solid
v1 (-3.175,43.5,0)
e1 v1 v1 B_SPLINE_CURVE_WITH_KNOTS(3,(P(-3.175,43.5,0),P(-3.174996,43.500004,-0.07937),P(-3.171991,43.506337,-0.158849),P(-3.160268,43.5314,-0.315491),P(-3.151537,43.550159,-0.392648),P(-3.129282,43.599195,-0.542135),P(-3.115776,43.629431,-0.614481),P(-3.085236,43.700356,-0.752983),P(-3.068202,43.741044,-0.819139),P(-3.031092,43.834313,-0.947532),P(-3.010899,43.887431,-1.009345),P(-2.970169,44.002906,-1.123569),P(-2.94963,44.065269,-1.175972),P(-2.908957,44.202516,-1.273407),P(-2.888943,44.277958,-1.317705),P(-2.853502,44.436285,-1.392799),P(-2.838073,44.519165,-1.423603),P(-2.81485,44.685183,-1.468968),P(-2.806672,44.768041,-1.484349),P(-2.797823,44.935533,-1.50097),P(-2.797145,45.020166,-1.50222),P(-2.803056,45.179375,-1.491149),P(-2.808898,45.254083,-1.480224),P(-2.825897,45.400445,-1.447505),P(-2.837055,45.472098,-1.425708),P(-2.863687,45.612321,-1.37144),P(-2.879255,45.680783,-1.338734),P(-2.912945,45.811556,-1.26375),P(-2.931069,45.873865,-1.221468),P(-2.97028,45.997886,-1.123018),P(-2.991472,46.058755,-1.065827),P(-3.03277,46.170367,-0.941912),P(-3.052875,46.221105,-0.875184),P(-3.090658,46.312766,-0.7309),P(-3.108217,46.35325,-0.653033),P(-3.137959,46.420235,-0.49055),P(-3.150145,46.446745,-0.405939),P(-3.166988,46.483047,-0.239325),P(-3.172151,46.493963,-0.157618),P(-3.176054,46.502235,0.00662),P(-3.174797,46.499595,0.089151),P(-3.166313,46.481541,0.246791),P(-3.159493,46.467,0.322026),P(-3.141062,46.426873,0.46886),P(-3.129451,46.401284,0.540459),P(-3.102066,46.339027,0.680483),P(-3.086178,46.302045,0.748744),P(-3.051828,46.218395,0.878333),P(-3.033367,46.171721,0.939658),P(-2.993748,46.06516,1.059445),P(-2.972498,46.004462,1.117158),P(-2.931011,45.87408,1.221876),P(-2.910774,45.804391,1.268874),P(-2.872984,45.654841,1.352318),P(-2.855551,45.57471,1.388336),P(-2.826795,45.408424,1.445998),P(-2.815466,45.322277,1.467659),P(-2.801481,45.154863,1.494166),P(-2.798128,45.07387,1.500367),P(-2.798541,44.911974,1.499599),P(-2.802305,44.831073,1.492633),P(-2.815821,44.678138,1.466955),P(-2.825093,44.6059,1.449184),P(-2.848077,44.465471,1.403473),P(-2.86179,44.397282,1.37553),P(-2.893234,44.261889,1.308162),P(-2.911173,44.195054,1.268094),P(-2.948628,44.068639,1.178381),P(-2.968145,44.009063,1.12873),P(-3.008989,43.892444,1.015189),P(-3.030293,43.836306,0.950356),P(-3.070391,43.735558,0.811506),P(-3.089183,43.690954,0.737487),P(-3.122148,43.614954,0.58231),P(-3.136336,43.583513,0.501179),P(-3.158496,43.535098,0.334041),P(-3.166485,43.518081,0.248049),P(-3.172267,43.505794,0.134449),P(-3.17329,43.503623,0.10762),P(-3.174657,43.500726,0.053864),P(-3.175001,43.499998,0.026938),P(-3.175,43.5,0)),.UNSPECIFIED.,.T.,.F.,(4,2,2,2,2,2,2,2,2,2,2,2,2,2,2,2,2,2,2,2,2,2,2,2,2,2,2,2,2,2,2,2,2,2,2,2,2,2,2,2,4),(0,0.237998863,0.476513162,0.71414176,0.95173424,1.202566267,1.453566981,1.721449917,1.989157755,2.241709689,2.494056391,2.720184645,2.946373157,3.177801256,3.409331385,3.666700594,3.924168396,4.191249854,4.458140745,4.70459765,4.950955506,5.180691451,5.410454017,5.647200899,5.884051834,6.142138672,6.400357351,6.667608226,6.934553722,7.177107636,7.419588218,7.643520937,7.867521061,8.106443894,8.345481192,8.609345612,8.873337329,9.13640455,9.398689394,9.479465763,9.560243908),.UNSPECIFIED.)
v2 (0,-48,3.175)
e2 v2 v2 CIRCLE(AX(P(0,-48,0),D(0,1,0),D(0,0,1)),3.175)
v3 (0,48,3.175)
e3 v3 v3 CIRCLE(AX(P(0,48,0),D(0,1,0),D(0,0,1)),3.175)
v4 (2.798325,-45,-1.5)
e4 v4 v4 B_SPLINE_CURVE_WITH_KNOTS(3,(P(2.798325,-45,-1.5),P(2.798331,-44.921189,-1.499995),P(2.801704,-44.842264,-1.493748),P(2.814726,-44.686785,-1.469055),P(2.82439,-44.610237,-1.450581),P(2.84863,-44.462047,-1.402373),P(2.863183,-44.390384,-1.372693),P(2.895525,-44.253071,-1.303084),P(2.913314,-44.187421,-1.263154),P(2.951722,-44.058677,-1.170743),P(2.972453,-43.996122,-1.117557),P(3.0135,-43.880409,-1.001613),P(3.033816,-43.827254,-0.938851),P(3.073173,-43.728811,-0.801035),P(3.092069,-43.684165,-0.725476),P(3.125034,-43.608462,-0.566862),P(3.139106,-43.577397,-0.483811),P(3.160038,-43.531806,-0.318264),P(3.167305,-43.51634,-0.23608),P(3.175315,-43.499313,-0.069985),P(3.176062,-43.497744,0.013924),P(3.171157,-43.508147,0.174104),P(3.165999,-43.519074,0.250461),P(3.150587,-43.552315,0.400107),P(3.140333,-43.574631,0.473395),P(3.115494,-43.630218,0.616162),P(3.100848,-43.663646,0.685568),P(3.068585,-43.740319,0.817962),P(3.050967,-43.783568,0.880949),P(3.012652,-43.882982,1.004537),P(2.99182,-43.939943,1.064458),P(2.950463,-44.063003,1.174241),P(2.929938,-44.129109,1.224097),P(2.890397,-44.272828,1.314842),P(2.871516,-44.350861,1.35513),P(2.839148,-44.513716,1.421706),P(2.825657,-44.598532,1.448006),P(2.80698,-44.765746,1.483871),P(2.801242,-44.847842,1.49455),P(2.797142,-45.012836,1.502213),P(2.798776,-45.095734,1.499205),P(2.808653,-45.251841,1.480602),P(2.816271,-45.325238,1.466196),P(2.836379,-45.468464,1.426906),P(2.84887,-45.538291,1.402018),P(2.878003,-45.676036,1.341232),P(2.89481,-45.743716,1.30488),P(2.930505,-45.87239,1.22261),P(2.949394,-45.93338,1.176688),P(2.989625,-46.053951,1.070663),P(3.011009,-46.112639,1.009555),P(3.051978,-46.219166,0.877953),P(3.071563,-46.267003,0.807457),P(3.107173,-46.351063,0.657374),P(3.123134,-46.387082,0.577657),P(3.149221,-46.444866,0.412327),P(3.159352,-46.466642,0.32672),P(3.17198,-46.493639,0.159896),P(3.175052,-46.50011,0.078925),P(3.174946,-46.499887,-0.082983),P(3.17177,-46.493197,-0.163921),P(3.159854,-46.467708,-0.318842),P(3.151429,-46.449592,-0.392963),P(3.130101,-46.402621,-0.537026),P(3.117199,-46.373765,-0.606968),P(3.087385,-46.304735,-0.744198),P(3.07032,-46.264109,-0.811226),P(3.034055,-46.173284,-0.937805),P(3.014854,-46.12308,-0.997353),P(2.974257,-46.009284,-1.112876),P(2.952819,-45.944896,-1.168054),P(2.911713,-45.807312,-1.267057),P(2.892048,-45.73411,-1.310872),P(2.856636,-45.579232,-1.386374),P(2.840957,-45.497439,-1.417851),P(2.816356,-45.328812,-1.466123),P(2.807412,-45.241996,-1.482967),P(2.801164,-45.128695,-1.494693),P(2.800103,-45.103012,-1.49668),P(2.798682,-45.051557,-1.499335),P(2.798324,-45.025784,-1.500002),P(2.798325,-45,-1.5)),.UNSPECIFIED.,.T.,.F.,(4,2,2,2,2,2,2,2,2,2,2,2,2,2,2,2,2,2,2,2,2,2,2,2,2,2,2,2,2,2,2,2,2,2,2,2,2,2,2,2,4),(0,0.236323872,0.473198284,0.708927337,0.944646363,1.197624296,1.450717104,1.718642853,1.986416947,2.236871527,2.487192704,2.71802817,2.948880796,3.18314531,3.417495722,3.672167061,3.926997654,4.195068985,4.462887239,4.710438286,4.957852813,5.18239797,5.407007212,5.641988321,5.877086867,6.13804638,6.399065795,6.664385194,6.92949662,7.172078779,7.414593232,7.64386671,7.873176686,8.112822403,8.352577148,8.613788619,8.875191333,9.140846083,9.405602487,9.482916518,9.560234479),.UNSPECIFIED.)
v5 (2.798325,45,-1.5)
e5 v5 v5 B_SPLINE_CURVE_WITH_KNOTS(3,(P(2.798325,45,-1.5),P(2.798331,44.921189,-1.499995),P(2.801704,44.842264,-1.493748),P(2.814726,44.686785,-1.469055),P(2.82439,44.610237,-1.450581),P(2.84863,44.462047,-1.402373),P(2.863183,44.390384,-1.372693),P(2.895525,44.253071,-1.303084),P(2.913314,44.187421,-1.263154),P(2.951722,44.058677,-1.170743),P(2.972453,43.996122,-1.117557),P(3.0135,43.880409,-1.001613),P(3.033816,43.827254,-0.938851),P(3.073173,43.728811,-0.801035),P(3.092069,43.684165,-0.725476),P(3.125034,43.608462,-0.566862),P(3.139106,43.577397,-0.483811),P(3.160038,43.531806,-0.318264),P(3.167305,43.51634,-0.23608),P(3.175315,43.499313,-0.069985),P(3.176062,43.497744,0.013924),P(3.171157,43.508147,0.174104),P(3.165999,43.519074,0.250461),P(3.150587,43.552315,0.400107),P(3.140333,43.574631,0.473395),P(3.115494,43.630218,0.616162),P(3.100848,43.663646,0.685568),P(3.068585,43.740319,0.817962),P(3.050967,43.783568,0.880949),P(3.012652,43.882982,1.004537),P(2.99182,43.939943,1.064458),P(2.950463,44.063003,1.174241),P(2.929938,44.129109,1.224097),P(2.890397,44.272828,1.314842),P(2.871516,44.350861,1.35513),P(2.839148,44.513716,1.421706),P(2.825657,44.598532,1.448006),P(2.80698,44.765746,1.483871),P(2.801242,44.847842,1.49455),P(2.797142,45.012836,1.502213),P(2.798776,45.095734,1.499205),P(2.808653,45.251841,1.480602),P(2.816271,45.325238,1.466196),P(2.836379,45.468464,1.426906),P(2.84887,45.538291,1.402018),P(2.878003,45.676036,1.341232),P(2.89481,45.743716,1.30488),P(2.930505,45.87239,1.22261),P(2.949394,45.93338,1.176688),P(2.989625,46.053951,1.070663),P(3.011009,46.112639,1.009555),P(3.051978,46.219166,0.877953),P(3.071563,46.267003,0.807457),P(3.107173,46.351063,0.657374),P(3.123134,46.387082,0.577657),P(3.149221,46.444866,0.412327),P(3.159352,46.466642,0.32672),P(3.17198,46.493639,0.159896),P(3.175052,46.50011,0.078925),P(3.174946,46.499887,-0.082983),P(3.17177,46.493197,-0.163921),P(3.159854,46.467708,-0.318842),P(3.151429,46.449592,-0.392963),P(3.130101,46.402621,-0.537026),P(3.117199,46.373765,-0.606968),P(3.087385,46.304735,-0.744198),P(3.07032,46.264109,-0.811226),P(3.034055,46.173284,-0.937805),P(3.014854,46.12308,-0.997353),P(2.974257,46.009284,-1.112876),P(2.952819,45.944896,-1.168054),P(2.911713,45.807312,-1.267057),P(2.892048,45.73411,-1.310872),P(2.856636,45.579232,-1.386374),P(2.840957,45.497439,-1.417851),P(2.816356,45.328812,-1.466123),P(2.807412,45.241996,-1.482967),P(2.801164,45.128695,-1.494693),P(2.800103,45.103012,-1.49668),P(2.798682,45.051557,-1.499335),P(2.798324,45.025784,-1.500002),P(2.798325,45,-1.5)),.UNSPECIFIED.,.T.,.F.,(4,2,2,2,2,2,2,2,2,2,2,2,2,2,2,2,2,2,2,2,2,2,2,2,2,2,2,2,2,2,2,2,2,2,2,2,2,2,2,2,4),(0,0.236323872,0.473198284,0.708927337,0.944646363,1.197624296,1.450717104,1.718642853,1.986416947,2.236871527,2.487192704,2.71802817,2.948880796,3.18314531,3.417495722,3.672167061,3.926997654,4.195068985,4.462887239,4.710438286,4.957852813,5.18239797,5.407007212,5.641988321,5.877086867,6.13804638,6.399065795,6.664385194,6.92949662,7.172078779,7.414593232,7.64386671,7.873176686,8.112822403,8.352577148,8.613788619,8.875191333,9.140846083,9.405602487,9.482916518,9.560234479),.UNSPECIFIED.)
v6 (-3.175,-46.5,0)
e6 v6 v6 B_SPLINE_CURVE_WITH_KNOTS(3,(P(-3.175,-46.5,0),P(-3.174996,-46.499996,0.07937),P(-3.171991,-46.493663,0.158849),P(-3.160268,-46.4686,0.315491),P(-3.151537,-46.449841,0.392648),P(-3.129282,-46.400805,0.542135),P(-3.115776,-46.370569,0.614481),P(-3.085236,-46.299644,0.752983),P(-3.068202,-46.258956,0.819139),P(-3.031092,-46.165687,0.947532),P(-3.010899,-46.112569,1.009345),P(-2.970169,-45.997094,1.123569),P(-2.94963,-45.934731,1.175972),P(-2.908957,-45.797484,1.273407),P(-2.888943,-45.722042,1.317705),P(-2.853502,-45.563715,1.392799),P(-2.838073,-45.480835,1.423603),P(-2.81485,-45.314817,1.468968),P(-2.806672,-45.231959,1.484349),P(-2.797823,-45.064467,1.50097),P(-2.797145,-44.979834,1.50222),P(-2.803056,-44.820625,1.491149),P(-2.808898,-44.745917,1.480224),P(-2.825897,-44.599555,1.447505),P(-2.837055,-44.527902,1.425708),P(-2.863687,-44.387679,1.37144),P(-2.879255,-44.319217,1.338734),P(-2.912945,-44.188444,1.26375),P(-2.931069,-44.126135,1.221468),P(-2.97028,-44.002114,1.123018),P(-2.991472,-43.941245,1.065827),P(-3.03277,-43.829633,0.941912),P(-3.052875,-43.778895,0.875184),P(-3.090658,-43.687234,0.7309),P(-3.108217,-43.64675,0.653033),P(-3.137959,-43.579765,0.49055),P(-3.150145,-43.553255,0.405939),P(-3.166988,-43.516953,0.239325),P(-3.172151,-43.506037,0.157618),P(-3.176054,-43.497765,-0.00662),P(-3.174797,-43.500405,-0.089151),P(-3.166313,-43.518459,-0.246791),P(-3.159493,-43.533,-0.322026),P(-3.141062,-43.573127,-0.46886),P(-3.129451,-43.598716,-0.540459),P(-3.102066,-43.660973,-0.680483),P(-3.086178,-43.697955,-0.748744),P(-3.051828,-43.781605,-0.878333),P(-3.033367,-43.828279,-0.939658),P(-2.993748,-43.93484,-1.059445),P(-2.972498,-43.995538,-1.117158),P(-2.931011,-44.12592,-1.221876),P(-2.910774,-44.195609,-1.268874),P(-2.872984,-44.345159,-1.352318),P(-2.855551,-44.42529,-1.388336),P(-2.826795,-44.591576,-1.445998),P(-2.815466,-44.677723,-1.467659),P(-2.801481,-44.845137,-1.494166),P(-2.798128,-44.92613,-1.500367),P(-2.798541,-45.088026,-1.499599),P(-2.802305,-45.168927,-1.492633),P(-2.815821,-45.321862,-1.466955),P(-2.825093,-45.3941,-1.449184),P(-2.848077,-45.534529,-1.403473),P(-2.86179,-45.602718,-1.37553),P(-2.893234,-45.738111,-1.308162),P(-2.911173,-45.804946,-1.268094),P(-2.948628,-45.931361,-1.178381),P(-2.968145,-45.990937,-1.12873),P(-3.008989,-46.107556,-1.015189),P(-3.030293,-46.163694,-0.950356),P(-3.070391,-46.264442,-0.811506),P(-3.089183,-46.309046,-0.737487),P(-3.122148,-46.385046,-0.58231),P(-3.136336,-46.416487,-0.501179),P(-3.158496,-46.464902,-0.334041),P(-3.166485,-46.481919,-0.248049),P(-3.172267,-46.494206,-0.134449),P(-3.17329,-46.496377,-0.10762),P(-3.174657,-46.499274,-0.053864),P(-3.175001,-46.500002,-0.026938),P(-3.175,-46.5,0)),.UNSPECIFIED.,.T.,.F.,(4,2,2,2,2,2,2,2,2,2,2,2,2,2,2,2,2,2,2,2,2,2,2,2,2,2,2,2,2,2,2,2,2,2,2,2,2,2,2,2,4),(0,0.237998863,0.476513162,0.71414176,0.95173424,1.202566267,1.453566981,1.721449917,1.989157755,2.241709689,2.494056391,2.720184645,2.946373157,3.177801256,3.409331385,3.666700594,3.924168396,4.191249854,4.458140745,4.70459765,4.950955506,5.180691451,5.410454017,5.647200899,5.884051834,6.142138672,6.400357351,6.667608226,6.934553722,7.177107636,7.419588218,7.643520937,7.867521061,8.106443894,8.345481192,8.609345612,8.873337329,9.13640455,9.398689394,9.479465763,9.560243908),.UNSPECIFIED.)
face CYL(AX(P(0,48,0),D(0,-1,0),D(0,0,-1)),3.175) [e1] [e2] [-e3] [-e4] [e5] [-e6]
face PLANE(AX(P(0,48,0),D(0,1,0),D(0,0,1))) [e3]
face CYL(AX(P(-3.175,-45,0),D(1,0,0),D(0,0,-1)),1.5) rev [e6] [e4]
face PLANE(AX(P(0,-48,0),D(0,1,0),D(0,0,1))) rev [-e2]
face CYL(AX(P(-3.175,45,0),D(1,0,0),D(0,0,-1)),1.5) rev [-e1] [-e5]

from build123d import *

# Parameters (mm, degrees)
CROQUIS1_R              = 3.175
SALIENTE_EXTRUIR1_DEPTH = 48
CROQUIS2_R              = 1.5
CORTAR_EXTRUIR1_DEPTH   = 4.175


with BuildPart() as part:
    # Croquis1 → Saliente-Extruir1 (new body, symmetric)
    with BuildSketch(Plane(origin=(0, 0, 0), x_dir=(1, 0, 0), z_dir=(0, 1, 0))):
        Circle(CROQUIS1_R)
    extrude(amount=SALIENTE_EXTRUIR1_DEPTH, both=True)

    # Croquis2 → Cortar-Extruir1 (cut, symmetric)
    with BuildSketch(Plane(origin=(0, 0, 0), x_dir=(0, 0, -1), z_dir=(1, 0, 0))):
        with Locations((0, 45)):
            Circle(CROQUIS2_R)
    cortar_extruir1 = extrude(amount=CORTAR_EXTRUIR1_DEPTH, both=True, mode=Mode.SUBTRACT)

    # Simetría3: Cortar-Extruir1 across plane
    add(cortar_extruir1.mirror(Plane.ZX), mode=Mode.SUBTRACT)


solid = part.part
